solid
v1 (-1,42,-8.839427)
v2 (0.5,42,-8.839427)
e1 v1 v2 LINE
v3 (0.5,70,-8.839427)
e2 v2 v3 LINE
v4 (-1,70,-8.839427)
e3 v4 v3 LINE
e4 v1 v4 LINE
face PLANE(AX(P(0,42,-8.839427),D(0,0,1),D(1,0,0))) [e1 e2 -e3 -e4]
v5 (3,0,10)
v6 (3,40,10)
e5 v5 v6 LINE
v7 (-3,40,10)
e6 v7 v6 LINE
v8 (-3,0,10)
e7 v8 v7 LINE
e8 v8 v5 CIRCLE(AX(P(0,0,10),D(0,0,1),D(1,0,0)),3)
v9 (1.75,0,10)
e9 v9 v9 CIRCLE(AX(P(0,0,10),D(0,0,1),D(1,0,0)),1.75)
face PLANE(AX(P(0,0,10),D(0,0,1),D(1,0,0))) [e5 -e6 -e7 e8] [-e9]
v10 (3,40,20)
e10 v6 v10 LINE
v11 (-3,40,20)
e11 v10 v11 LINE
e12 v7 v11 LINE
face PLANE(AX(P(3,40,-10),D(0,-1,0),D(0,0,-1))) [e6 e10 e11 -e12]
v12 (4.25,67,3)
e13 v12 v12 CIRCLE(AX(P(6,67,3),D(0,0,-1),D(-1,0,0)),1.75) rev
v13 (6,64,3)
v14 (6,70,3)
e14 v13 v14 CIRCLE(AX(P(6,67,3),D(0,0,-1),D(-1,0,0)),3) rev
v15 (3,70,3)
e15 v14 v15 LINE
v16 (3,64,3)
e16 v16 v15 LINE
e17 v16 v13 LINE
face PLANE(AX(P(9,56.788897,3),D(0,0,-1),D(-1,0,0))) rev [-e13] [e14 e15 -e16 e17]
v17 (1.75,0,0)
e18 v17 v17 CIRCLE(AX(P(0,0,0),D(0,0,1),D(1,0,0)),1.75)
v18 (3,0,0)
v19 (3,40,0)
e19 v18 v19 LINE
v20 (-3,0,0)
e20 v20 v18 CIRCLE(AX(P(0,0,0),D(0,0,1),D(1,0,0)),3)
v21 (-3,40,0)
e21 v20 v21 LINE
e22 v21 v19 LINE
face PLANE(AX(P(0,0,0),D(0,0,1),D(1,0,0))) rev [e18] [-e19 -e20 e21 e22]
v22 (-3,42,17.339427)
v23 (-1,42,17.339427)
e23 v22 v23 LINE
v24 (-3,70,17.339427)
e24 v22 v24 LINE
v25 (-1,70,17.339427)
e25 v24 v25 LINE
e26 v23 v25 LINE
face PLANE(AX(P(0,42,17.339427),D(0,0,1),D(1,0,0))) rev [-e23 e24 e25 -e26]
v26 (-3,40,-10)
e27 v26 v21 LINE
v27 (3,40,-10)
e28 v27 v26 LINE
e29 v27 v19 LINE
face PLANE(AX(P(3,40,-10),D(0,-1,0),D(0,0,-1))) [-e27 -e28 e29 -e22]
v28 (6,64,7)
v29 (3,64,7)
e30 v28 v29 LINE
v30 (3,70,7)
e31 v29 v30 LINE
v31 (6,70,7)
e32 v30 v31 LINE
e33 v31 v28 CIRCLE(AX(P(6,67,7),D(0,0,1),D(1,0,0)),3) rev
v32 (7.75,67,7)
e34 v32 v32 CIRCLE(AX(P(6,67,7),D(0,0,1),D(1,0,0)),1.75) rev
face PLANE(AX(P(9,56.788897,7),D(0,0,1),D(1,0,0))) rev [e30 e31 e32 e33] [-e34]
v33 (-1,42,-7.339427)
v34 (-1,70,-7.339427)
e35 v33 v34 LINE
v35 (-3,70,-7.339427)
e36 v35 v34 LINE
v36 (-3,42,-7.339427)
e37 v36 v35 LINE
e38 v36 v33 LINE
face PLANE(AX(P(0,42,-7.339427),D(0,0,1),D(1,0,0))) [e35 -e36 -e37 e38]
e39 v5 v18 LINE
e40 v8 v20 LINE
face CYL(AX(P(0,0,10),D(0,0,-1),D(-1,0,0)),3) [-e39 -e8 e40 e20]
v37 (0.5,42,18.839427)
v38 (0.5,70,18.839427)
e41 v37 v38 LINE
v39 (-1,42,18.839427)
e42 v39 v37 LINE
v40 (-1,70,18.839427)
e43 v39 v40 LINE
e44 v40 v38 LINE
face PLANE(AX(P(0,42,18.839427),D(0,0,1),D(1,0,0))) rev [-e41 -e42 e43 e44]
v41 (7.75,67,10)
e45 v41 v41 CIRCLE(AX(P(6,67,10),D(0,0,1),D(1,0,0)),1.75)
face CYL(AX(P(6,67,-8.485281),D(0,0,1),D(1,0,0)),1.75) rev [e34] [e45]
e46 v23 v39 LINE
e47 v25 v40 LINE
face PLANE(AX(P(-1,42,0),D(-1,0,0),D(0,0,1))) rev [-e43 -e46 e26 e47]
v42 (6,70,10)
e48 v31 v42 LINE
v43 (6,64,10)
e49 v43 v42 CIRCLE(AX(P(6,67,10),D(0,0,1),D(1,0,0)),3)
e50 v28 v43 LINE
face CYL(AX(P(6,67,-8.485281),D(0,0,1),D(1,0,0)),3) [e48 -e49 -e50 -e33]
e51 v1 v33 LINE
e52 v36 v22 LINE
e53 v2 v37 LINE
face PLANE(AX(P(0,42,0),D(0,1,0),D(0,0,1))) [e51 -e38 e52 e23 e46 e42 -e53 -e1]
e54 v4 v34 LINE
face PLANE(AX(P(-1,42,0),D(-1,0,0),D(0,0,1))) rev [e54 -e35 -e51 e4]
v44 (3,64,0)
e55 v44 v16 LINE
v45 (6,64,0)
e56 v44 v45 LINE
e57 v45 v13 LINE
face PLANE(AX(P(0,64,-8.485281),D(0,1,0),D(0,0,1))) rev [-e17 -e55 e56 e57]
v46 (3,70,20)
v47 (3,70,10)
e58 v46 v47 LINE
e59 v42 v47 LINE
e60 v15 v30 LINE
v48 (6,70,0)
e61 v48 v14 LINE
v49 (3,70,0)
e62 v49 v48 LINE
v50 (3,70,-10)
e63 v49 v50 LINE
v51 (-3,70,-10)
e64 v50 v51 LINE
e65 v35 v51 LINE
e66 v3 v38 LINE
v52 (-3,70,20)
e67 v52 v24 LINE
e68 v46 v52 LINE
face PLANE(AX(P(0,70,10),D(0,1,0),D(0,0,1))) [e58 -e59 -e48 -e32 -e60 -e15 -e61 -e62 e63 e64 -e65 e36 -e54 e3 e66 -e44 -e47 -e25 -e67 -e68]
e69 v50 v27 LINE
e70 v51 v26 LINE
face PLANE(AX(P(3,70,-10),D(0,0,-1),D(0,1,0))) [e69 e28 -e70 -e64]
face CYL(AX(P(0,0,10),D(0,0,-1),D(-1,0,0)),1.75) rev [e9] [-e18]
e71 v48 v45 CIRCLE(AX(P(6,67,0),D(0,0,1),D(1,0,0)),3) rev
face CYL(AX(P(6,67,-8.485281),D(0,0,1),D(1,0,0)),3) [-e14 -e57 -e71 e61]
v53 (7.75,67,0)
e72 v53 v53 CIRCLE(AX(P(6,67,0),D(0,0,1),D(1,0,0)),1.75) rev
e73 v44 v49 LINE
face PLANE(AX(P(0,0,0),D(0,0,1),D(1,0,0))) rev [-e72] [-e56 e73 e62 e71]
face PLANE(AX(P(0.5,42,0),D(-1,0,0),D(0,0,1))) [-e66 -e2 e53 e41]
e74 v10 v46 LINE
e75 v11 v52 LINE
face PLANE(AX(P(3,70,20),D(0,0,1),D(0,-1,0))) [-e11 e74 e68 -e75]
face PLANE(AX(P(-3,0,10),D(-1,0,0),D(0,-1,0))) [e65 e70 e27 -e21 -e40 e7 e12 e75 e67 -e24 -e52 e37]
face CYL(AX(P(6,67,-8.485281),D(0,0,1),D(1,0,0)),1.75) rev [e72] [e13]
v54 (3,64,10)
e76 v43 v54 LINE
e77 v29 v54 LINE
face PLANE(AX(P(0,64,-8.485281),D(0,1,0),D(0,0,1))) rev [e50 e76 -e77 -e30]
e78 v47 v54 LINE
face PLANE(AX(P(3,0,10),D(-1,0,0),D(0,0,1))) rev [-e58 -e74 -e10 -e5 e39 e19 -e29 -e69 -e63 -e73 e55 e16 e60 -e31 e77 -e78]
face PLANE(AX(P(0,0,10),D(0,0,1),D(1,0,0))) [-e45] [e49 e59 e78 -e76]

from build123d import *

# Parameters (mm, degrees)
SKETCH1_R           = 1.75
BOSS_EXTRUDE1_DEPTH = 10
SKETCH2_W           = 30
SKETCH2_H           = 30
BOSS_EXTRUDE2_DEPTH = 6
SKETCH3_W           = 2
SKETCH3_H           = 24.678853852
CUT_EXTRUDE1_DEPTH  = 28
BOSS_EXTRUDE3_DEPTH = 10
SKETCH5_W           = 6
SKETCH5_H           = 4
CUT_EXTRUDE2_DEPTH  = 6


with BuildPart() as part:
    # Sketch1 → Boss-Extrude1 (new body)
    with BuildSketch(Plane.XY):
        with BuildLine():
            ThreePointArc((-3, 0), (0, -3), (3, 0))
            Line((3, 0), (3, 70))
            Line((3, 70), (-3, 70))
            Line((-3, 70), (-3, 0))
        make_face()
        Circle(SKETCH1_R, mode=Mode.SUBTRACT)
    extrude(amount=BOSS_EXTRUDE1_DEPTH)

    # Sketch2 → Boss-Extrude2 (add)
    with BuildSketch(Plane.ZY.offset(3)):
        with Locations((5, 55)):
            Rectangle(SKETCH2_W, SKETCH2_H)
    extrude(amount=-BOSS_EXTRUDE2_DEPTH)

    # Sketch3 → Cut-Extrude1 (cut)
    with BuildSketch(Plane(origin=(0, 70, 0), x_dir=(1, 0, 0), z_dir=(0, 1, 0))):
        with Locations((-2, -5)):
            Rectangle(SKETCH3_W, SKETCH3_H)
        Polygon((-1, 8.839426926), (-1, 7.339426926), (-1, -17.339426926), (-1, -18.839426926), (0.5, -18.839426926), (0.5, 8.839426926), align=None)
    extrude(amount=-CUT_EXTRUDE1_DEPTH, mode=Mode.SUBTRACT)

    # Sketch4 → Boss-Extrude3 (add)
    with BuildSketch(Plane.XY.offset(10)):
        with BuildLine():
            ThreePointArc((9, 67), (8.121320344, 69.121320344), (6, 70))
            Line((6, 70), (6, 68.75))
            ThreePointArc((6, 68.75), (7.237436867, 68.237436867), (7.75, 67))
            ThreePointArc((7.75, 67), (7.237436867, 65.762563133), (6, 65.25))
            Line((6, 65.25), (6, 64))
            ThreePointArc((6, 64), (8.121320344, 64.878679656), (9, 67))
        make_face()
        with BuildLine():
            Line((6, 68.75), (6, 70))
            ThreePointArc((6, 70), (3.878679658, 69.121320346), (3, 67.000000006))
            ThreePointArc((3, 67.000000006), (3.878679654, 64.878679658), (6, 64))
            Line((6, 64), (6, 65.25))
            ThreePointArc((6, 65.25), (4.25, 67), (6, 68.75))
        make_face()
        with BuildLine():
            ThreePointArc((3, 67.000000006), (3.878679658, 69.121320346), (6, 70))
            Line((6, 70), (3, 70))
            Line((3, 70), (3, 67.000000006))
        make_face()
        with BuildLine():
            ThreePointArc((6, 64), (3.878679654, 64.878679658), (3, 67.000000006))
            Line((3, 67.000000006), (3, 64))
            Line((3, 64), (6, 64))
        make_face()
    extrude(amount=-BOSS_EXTRUDE3_DEPTH)

    # Sketch5 → Cut-Extrude2 (cut)
    with BuildSketch(Plane(origin=(0, 70, 0), x_dir=(1, 0, 0), z_dir=(0, 1, 0))):
        with Locations((6, -5)):
            Rectangle(SKETCH5_W, SKETCH5_H)
    extrude(amount=-CUT_EXTRUDE2_DEPTH, mode=Mode.SUBTRACT)


solid = part.part
